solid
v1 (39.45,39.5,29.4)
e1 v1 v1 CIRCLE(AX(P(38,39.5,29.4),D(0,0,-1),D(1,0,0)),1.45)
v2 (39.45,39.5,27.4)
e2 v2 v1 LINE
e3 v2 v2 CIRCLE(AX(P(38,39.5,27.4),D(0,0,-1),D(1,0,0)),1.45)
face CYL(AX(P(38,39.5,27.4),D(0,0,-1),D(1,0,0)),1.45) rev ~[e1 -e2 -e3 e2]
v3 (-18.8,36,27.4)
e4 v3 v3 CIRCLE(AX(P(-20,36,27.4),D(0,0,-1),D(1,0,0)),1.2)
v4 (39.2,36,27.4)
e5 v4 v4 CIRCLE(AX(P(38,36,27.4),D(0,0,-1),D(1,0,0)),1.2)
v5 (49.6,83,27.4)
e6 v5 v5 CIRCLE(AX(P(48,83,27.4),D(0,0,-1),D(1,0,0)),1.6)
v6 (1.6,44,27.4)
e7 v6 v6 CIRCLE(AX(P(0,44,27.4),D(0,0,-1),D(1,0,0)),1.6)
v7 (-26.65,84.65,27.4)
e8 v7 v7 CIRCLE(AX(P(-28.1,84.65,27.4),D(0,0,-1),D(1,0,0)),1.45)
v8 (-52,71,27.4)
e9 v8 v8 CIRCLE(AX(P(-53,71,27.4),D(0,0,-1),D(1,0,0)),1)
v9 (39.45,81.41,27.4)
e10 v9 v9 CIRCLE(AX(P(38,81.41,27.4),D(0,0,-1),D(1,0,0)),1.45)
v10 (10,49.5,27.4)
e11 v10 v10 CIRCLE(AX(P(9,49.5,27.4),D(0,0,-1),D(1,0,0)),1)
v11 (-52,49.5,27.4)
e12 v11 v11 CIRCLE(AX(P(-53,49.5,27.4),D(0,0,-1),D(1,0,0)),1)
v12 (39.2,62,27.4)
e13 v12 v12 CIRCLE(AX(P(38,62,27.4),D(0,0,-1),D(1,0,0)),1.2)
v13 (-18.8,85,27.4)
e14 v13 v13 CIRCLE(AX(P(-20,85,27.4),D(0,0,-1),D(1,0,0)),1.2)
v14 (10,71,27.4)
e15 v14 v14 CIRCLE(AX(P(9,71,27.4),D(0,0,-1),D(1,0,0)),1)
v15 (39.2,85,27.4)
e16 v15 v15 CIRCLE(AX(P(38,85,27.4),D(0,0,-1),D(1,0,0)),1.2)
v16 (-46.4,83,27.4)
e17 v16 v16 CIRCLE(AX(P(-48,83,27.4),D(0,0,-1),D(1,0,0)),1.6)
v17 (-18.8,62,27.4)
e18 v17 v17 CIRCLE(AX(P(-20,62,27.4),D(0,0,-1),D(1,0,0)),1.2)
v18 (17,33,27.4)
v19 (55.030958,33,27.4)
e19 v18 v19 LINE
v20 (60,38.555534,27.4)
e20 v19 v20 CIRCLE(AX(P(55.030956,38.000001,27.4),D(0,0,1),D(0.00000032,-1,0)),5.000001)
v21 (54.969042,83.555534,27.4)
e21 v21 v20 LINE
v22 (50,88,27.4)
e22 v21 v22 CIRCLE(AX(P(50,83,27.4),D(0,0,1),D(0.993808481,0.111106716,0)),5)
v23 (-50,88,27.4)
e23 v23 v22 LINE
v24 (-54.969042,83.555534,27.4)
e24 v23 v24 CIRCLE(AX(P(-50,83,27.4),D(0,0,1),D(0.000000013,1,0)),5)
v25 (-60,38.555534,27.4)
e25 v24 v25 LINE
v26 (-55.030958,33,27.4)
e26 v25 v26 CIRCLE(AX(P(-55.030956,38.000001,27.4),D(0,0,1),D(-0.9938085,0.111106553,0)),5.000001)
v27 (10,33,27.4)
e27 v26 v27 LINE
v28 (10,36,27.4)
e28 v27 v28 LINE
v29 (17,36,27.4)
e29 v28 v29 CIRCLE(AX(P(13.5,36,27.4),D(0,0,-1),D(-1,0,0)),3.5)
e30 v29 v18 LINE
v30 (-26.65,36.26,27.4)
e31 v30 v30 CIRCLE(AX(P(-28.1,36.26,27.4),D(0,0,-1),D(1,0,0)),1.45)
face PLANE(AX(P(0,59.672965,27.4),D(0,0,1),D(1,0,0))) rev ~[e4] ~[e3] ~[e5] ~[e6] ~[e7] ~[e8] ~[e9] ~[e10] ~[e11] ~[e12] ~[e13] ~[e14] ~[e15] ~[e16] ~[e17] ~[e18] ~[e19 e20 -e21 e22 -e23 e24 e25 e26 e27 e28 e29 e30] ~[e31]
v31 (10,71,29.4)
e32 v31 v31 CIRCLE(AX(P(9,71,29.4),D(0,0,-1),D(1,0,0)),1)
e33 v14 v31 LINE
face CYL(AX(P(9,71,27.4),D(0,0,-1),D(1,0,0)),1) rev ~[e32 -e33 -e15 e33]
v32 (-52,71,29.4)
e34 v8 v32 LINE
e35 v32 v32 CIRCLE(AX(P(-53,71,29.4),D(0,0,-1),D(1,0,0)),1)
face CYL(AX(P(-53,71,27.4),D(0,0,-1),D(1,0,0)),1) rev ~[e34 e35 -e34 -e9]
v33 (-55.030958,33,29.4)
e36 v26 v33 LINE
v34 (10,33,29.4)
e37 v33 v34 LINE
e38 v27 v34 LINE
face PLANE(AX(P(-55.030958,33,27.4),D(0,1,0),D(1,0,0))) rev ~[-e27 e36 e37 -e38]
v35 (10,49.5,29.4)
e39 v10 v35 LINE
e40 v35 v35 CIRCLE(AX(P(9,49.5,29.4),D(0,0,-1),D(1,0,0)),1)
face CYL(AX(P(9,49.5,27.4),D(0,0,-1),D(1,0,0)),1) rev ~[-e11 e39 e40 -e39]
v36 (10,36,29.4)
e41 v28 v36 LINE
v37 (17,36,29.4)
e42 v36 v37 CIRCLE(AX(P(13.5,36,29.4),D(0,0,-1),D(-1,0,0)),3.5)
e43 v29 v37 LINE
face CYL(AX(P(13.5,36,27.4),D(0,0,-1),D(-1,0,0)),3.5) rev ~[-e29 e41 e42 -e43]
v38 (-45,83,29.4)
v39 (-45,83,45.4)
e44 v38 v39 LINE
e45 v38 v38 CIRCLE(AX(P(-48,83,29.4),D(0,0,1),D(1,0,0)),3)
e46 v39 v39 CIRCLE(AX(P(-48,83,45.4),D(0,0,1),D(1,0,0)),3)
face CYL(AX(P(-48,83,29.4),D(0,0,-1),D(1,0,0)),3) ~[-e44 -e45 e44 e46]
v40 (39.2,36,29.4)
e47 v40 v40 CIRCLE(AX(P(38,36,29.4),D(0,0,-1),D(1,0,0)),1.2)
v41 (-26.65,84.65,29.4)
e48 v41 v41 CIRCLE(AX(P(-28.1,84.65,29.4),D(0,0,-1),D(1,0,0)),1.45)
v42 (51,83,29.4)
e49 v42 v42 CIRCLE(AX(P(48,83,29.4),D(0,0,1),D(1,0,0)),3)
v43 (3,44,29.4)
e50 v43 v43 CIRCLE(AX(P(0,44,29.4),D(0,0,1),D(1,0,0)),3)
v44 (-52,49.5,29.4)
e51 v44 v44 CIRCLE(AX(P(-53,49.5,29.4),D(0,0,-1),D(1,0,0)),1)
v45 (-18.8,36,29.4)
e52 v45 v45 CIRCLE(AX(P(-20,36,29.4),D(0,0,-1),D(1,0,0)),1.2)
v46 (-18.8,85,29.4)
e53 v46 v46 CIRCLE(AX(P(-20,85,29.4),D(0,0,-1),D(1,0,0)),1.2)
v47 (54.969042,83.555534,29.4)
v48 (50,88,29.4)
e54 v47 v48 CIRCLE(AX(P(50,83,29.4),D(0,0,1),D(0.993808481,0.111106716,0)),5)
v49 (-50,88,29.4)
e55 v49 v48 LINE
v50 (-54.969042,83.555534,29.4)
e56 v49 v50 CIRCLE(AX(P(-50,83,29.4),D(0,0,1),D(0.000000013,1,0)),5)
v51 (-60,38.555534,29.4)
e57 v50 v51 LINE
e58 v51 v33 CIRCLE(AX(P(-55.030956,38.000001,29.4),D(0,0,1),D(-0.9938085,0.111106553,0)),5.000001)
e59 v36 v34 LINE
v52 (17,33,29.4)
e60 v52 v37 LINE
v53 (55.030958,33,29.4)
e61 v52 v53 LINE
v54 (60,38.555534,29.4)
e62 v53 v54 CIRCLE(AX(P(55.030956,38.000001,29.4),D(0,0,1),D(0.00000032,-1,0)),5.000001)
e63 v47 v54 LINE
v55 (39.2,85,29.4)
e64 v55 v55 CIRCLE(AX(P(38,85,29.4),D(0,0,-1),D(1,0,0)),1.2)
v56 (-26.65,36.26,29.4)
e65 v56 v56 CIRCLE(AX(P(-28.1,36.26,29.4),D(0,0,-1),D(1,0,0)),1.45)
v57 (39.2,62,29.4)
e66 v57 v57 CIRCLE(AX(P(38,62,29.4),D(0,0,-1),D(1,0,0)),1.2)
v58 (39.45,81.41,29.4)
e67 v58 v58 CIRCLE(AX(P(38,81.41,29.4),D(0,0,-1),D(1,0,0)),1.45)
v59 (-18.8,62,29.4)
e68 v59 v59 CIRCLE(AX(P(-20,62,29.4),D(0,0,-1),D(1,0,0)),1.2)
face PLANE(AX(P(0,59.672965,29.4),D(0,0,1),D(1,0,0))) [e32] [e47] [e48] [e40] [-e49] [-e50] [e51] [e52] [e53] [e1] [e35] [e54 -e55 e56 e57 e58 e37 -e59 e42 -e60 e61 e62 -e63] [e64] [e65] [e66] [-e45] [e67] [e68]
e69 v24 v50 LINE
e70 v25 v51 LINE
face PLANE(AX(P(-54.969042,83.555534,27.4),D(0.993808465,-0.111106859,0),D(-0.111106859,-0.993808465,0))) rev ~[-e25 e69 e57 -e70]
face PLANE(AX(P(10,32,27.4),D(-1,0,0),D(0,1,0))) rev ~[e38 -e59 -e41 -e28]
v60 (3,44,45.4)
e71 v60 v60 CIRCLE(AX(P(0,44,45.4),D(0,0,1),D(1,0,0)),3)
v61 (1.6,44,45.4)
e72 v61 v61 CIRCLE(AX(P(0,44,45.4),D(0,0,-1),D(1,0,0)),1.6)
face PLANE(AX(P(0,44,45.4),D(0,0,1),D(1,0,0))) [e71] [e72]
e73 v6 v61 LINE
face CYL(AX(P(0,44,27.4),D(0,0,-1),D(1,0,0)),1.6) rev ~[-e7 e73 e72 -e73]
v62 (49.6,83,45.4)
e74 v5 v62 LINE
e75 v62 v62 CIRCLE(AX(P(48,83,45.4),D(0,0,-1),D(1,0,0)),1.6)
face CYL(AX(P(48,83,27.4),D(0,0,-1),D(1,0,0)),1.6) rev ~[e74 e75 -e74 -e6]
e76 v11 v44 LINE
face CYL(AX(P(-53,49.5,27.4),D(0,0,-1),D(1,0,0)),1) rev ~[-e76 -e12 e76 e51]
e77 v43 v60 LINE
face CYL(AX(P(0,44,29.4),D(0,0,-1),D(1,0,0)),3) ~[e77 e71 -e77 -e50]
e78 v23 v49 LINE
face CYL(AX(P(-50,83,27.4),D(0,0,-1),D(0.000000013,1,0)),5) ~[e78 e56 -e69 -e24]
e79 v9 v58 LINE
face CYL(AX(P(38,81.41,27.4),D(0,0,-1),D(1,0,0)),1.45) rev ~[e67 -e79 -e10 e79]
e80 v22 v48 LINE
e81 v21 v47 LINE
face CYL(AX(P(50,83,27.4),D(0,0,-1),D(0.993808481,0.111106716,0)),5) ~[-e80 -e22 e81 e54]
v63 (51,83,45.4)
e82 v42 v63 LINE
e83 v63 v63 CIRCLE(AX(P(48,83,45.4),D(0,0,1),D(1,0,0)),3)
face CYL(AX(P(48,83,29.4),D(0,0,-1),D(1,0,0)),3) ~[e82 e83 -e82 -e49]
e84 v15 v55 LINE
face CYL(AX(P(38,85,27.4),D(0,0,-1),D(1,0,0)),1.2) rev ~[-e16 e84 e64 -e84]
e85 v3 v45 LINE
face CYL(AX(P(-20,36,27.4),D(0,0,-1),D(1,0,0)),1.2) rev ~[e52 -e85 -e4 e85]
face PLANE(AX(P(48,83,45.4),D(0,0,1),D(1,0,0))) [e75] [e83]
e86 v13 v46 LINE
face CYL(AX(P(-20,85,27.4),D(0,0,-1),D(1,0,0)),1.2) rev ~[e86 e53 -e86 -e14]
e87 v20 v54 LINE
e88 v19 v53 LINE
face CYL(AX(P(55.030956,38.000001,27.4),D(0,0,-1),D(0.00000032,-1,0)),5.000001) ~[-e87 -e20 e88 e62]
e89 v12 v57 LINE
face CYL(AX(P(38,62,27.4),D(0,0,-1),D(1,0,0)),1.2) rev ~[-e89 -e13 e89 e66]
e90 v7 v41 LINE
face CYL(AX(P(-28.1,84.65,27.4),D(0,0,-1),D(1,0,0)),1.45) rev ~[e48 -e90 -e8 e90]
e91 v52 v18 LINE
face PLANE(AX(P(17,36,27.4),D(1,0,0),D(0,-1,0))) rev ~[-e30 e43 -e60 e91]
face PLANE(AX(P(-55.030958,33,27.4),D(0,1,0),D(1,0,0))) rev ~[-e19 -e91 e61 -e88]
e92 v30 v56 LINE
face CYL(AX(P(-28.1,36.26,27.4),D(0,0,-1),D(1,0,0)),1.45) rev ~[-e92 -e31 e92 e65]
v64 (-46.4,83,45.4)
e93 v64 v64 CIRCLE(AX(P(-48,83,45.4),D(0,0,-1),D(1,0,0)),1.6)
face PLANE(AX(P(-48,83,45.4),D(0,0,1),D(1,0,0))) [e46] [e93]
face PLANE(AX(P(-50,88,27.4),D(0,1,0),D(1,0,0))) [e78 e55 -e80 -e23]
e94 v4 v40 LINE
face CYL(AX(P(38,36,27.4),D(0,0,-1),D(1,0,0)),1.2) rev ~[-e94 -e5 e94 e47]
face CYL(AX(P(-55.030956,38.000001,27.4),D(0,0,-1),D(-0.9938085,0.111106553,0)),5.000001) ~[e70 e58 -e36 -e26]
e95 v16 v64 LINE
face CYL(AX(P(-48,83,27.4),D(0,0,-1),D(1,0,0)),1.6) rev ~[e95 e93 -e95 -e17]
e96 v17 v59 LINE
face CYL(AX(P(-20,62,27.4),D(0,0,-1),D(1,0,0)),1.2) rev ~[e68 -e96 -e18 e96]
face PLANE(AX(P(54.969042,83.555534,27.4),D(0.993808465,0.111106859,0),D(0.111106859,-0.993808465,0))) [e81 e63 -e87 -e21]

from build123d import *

# Parameters (mm, degrees)
PAD_DEPTH     = 2
SKETCH001_R   = 3
PAD001_DEPTH  = 16
SKETCH002_R   = 1.6
SKETCH002_R_2 = 1
SKETCH002_R_3 = 1.2
SKETCH002_R_4 = 1.45
POCKET_DEPTH  = 18.001


with BuildPart() as part:
    # Sketch → Pad (new body)
    with BuildSketch(Plane.XY):
        with BuildLine():
            ThreePointArc((-50, 44), (-53.333341, 42.726773), (-54.969042, 39.555534))
            Line((-54.969042, 39.555534), (-60, -5.444466))
            ThreePointArc((-60, -5.444466), (-58.75773, -9.333341), (-55.030958, -11))
            Line((-55.030958, -11), (55.030958, -11))
            ThreePointArc((55.030958, -11), (58.75773, -9.333341), (60, -5.444466))
            Line((54.969042, 39.555534), (60, -5.444466))
            ThreePointArc((54.969042, 39.555534), (53.333341, 42.726773), (50, 44))
            Line((-50, 44), (50, 44))
        make_face()
    extrude(amount=PAD_DEPTH)

    # Sketch001 → Pad001 (join)
    with BuildSketch(Plane.XY.offset(2)):
        Circle(SKETCH001_R)
        with Locations((-48, 39)):
            Circle(SKETCH001_R)
        with Locations((48, 39)):
            Circle(SKETCH001_R)
    extrude(amount=PAD001_DEPTH)

    # Sketch002 → Pocket (cut, through all)
    with BuildSketch(Plane(origin=(0, 0, 0), x_dir=(1, 0, 0), z_dir=(0, 0, -1))):
        Circle(SKETCH002_R)
        with Locations((-48, -39)):
            Circle(SKETCH002_R)
        with Locations((48, -39)):
            Circle(SKETCH002_R)
        with Locations((9, -5.5)):
            Circle(SKETCH002_R_2)
        with Locations((9, -27)):
            Circle(SKETCH002_R_2)
        with Locations((38, 8)):
            Circle(SKETCH002_R_3)
        with Locations((38, -41)):
            Circle(SKETCH002_R_3)
        with Locations((-20, -41)):
            Circle(SKETCH002_R_3)
        with Locations((-53, -27)):
            Circle(SKETCH002_R_2)
        with Locations((-53, -5.5)):
            Circle(SKETCH002_R_2)
        with Locations((-20, 8)):
            Circle(SKETCH002_R_3)
        with Locations((-28.1, 7.74)):
            Circle(SKETCH002_R_4)
        with Locations((38, 4.5)):
            Circle(SKETCH002_R_4)
        with Locations((-28.1, -40.65)):
            Circle(SKETCH002_R_4)
        with Locations((38, -37.41)):
            Circle(SKETCH002_R_4)
        with Locations((-20, -18)):
            Circle(SKETCH002_R_3)
        with Locations((38, -18)):
            Circle(SKETCH002_R_3)
        with BuildLine():
            ThreePointArc((17, 12), (13.5, 15.5), (10, 12))
            Line((10, 12), (10, 8))
            ThreePointArc((10, 8), (13.5, 4.5), (17, 8))
            Line((17, 8), (17, 12))
        make_face()
    extrude(amount=-POCKET_DEPTH, mode=Mode.SUBTRACT)


with BuildPart() as part_1:
    # Body placement: moved
    add(part.part.moved(Location((0, 44, 27.4))))


solid = part_1.part
